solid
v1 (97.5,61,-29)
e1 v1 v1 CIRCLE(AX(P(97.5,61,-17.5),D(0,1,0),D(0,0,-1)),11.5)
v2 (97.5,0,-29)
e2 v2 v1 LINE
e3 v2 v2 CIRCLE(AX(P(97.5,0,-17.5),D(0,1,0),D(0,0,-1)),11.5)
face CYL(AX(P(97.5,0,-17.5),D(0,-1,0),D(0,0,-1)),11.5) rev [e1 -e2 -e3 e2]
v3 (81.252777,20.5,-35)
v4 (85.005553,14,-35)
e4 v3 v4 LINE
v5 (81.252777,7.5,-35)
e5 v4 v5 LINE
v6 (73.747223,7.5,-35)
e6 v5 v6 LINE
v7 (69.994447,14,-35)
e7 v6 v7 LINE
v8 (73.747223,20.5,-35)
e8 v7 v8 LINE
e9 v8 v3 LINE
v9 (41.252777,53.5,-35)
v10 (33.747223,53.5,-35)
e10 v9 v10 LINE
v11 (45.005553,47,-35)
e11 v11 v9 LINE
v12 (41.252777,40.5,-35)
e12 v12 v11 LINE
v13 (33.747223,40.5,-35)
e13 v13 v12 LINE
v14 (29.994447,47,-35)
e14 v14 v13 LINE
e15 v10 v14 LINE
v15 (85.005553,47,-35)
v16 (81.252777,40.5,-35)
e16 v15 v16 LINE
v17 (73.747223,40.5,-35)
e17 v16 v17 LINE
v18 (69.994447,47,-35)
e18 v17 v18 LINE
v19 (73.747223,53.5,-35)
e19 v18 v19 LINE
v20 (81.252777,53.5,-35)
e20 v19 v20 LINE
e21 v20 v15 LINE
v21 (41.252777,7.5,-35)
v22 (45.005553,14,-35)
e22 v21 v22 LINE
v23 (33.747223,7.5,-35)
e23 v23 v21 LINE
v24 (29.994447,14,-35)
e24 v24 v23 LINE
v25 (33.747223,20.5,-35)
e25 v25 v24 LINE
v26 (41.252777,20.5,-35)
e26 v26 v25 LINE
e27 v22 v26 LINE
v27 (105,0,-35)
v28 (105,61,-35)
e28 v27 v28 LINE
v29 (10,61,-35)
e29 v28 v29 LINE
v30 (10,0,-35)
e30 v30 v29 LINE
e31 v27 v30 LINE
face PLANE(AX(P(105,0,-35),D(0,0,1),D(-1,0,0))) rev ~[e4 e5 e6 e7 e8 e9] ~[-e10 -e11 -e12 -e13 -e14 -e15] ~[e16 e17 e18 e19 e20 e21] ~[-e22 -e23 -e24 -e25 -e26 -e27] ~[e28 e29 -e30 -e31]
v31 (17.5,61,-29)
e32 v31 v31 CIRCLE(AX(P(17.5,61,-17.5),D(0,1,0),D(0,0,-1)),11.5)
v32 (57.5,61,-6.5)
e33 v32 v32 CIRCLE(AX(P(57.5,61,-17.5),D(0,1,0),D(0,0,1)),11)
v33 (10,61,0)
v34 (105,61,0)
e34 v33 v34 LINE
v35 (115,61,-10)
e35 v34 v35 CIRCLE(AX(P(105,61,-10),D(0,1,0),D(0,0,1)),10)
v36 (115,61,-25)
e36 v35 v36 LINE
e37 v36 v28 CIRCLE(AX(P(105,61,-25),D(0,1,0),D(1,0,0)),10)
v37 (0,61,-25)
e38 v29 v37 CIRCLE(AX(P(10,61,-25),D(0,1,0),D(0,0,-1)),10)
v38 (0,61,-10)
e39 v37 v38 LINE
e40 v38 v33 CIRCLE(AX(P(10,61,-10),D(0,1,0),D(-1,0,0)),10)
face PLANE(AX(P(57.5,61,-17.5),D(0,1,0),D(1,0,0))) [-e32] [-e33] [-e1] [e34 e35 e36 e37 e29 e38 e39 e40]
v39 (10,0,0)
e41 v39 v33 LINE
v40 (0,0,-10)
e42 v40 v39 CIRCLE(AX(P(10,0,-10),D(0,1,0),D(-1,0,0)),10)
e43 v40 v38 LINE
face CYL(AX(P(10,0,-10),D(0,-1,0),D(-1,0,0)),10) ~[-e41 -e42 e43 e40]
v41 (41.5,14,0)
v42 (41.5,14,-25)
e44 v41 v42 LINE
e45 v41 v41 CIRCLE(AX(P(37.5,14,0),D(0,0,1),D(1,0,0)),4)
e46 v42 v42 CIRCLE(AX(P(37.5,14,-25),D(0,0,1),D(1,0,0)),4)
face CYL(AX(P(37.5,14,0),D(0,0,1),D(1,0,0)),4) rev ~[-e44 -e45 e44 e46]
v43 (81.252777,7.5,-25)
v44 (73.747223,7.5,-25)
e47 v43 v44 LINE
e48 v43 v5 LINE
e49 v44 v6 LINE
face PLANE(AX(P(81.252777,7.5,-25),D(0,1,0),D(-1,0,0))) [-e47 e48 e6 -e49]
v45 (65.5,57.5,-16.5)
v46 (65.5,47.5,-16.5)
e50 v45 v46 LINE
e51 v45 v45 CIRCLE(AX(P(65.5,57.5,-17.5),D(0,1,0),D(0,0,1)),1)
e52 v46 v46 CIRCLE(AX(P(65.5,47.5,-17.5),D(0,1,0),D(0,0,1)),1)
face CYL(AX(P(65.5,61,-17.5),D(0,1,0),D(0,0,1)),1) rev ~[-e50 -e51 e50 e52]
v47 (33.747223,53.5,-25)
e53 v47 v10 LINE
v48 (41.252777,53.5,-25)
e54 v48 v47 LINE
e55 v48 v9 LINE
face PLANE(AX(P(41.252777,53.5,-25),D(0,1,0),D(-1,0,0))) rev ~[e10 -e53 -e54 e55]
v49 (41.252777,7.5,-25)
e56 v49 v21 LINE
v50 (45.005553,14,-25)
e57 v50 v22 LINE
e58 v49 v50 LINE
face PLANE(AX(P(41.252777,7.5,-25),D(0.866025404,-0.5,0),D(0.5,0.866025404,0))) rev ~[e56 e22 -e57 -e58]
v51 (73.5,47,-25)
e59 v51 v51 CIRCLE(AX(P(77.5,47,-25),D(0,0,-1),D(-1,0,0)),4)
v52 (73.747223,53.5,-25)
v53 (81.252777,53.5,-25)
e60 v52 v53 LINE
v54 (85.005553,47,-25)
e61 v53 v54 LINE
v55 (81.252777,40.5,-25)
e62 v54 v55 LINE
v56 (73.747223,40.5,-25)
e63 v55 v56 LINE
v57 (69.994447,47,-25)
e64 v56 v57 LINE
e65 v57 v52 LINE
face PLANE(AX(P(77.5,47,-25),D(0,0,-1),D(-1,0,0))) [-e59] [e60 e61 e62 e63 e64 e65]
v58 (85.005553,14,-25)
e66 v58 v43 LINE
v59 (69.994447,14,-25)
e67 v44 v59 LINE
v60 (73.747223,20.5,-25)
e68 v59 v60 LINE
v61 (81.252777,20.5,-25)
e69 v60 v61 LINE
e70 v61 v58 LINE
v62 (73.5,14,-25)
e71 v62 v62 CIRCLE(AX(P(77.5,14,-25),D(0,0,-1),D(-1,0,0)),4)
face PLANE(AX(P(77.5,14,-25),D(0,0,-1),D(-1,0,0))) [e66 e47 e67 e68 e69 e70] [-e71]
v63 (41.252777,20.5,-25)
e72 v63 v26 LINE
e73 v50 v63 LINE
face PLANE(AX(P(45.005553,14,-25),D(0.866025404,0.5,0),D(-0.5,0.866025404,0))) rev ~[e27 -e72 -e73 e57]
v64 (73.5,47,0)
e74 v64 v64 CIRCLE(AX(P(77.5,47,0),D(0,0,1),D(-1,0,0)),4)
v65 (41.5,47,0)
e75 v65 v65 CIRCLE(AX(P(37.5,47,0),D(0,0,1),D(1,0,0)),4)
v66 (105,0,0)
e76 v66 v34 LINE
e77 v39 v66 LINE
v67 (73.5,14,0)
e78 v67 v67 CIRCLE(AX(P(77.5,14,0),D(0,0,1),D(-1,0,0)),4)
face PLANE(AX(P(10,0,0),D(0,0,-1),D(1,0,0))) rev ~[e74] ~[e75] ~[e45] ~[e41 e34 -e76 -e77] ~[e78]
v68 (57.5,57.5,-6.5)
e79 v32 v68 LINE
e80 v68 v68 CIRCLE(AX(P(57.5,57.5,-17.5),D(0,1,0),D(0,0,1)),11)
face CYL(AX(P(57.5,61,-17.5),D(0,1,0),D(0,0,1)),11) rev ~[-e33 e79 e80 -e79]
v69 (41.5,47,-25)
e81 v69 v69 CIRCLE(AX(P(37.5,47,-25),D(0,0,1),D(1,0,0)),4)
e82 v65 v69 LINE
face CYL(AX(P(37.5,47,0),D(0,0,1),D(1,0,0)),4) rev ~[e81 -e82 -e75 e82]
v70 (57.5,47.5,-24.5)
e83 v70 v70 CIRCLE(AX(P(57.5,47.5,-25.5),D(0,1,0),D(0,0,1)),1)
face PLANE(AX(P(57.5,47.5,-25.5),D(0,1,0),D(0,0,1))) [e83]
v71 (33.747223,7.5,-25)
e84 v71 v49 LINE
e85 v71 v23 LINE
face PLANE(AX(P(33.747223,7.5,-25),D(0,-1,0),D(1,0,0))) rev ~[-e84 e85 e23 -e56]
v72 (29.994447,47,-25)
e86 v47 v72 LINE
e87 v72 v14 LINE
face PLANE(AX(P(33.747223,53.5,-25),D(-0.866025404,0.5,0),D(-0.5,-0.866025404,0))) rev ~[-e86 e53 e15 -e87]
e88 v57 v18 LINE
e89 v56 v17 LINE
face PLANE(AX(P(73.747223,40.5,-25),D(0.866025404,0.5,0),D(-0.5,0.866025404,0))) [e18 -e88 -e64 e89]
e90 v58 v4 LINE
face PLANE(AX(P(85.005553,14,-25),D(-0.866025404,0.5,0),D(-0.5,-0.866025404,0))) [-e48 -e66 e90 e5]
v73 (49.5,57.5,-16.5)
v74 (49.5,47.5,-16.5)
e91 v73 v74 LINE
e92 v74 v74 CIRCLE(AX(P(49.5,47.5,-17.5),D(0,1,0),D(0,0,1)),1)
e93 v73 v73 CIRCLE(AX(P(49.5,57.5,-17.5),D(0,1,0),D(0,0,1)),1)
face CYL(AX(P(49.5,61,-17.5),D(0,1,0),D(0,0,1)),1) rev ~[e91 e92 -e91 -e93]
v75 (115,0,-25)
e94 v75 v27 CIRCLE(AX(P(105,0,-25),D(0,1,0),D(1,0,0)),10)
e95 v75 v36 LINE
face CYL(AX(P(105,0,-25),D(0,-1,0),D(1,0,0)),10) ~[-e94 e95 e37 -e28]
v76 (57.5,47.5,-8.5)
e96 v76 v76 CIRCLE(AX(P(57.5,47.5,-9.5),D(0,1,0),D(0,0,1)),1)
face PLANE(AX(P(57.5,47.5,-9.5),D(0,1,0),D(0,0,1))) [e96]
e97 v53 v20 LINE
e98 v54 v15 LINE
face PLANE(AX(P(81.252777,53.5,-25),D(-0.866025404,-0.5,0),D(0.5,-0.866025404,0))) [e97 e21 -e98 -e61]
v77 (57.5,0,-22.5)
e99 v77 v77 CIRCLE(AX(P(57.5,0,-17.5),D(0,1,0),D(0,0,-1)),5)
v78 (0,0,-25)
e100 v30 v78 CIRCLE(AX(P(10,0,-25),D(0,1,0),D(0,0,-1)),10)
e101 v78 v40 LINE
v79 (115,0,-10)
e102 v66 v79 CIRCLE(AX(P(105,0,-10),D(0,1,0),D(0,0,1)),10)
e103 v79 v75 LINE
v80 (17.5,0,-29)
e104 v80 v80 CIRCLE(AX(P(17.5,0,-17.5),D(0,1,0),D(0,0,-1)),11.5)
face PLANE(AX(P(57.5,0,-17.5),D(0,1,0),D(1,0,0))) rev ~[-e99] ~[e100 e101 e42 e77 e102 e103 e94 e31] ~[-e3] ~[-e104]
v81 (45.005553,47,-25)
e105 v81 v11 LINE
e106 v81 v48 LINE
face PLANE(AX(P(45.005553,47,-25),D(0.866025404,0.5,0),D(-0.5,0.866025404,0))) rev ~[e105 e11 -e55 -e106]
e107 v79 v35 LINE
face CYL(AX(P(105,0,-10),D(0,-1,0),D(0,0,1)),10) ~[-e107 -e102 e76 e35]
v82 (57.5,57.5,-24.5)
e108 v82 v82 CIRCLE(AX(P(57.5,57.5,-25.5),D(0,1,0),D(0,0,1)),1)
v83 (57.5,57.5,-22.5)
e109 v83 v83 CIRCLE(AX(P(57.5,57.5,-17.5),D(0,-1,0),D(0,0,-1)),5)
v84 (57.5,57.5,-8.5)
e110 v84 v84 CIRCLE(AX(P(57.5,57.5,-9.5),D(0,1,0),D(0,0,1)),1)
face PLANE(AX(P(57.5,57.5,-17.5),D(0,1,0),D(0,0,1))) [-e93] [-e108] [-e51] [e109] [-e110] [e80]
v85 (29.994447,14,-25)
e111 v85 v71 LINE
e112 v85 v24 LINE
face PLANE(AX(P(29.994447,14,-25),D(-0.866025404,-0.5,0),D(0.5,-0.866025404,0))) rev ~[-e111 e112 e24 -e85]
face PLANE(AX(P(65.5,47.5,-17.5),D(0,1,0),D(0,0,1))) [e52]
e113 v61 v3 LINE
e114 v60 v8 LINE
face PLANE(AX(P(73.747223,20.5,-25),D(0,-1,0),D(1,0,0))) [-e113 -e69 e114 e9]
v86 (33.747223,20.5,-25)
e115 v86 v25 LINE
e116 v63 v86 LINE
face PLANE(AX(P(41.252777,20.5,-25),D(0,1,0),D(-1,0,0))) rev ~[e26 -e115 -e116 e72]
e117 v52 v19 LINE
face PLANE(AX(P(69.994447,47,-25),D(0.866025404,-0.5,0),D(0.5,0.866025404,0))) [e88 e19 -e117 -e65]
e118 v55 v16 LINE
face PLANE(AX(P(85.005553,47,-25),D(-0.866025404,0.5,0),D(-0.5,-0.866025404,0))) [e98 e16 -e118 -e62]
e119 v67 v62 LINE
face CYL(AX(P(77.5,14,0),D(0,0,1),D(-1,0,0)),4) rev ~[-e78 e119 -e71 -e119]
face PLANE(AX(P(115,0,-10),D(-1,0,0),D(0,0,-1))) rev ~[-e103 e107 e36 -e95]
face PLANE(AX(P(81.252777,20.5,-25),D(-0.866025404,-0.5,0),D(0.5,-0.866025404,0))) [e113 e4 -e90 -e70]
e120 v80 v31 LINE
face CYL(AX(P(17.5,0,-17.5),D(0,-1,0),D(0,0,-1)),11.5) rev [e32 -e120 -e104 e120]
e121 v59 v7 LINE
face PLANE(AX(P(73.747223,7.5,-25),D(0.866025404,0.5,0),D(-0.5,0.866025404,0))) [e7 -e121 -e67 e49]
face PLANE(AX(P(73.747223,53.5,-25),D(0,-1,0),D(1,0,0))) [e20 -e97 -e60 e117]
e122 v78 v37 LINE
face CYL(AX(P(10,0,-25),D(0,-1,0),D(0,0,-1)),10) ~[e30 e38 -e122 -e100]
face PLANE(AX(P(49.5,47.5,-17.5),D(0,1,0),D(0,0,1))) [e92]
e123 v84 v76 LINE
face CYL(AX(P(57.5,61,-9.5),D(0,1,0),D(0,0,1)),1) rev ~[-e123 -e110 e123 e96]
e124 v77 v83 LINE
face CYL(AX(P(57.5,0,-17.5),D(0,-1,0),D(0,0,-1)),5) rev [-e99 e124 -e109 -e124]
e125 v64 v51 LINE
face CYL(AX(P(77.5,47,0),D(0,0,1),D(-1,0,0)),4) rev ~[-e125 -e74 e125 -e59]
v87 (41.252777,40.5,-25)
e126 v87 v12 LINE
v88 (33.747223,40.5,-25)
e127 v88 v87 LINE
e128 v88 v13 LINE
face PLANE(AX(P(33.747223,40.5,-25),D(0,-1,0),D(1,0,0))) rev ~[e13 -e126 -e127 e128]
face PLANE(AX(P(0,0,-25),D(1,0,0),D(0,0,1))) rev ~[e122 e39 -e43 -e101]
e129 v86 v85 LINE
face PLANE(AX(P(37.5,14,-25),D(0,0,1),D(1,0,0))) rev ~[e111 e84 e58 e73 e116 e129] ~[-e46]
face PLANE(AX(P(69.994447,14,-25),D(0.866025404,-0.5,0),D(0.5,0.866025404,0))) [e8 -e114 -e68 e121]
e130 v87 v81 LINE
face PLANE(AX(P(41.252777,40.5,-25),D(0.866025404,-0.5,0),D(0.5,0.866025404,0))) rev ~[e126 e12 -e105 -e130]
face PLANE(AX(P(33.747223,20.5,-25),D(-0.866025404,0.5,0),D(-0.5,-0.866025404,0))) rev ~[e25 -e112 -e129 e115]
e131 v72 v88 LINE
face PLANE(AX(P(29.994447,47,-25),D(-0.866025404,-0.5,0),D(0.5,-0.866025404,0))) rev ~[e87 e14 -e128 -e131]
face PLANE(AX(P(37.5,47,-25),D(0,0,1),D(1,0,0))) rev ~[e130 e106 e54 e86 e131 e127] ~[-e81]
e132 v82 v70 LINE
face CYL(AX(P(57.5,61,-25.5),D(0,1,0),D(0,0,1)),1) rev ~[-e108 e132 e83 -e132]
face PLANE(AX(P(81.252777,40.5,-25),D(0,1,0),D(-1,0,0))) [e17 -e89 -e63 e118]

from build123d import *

# Parameters (mm, degrees)
SKETCH1_R           = 11.5
SKETCH1_R_2         = 5
BOSS_EXTRUDE1_DEPTH = 61
SKETCH2_R           = 11
SKETCH2_R_2         = 1
CUT_EXTRUDE1_DEPTH  = 3.5
SKETCH2_2_R         = 1
CUT_EXTRUDE2_DEPTH  = 13.5
SKETCH4_R           = 4
CUT_EXTRUDE3_DEPTH  = 135.799851632
CUT_EXTRUDE4_START  = -25
SKETCH4_3_R         = 4
CUT_EXTRUDE4_DEPTH  = 10


with BuildPart() as part:
    # Sketch1 → Boss-Extrude1 (new body)
    with BuildSketch(Plane(origin=(0, 0, 0), x_dir=(1, 0, 0), z_dir=(0, 1, 0))):
        with BuildLine():
            Line((10, 0), (105, 0))
            ThreePointArc((105, 0), (112.071067812, 2.928932188), (115, 10))
            Line((115, 10), (115, 25))
            ThreePointArc((115, 25), (112.071067812, 32.071067812), (105, 35))
            Line((105, 35), (10, 35))
            ThreePointArc((10, 35), (2.928932188, 32.071067812), (0, 25))
            Line((0, 25), (0, 10))
            ThreePointArc((0, 10), (2.928932188, 2.928932188), (10, 0))
        make_face()
        with Locations(Location((17.5, 17.5, 0), (0, 0, 90))):
            Circle(SKETCH1_R, mode=Mode.SUBTRACT)
        with Locations(Location((57.5, 17.5, 0), (0, 0, 90))):
            Circle(SKETCH1_R_2, mode=Mode.SUBTRACT)
        with Locations(Location((97.5, 17.5, 0), (0, 0, 90))):
            Circle(SKETCH1_R, mode=Mode.SUBTRACT)
    extrude(amount=BOSS_EXTRUDE1_DEPTH)

    # Sketch2 → Cut-Extrude1 (cut)
    with BuildSketch(Plane(origin=(0, 61, 0), x_dir=(1, 0, 0), z_dir=(0, 1, 0))):
        with Locations(Location((57.5, 17.5, 0), (0, 0, 270))):
            Circle(SKETCH2_R)
        with Locations(Location((57.5, 25.5, 0), (0, 0, 270))):
            Circle(SKETCH2_R_2, mode=Mode.SUBTRACT)
        with Locations(Location((65.5, 17.5, 0), (0, 0, 270))):
            Circle(SKETCH2_R_2, mode=Mode.SUBTRACT)
        with Locations(Location((57.5, 9.5, 0), (0, 0, 270))):
            Circle(SKETCH2_R_2, mode=Mode.SUBTRACT)
        with Locations(Location((49.5, 17.5, 0), (0, 0, 270))):
            Circle(SKETCH2_R_2, mode=Mode.SUBTRACT)
    extrude(amount=-CUT_EXTRUDE1_DEPTH, mode=Mode.SUBTRACT)

    # Sketch2<2> → Cut-Extrude2 (cut)
    with BuildSketch(Plane(origin=(0, 61, 0), x_dir=(1, 0, 0), z_dir=(0, 1, 0))):
        with Locations(Location((57.5, 25.5, 0), (0, 0, 270))):
            Circle(SKETCH2_2_R)
        with Locations(Location((65.5, 17.5, 0), (0, 0, 270))):
            Circle(SKETCH2_2_R)
        with Locations(Location((57.5, 9.5, 0), (0, 0, 270))):
            Circle(SKETCH2_2_R)
        with Locations(Location((49.5, 17.5, 0), (0, 0, 270))):
            Circle(SKETCH2_2_R)
    extrude(amount=-CUT_EXTRUDE2_DEPTH, mode=Mode.SUBTRACT)

    # Sketch4 → Cut-Extrude3 (cut, through all)
    with BuildSketch(Plane.XY):
        with Locations((37.5, 47)):
            Circle(SKETCH4_R)
        with Locations((37.5, 14)):
            Circle(SKETCH4_R)
        with Locations(Location((77.5, 14, 0), (0, 0, 180))):
            Circle(SKETCH4_R)
        with Locations(Location((77.5, 47, 0), (0, 0, 180))):
            Circle(SKETCH4_R)
    extrude(amount=-CUT_EXTRUDE3_DEPTH, mode=Mode.SUBTRACT)

    # Sketch4<3> → Cut-Extrude4 (cut)
    # profile 1 of 4: a face of its own
    with BuildSketch(Plane.XY.offset(CUT_EXTRUDE4_START)):
        Polygon((81.25277675, 20.5), (85.005553499, 14), (81.25277675, 7.5), (73.74722325, 7.5), (69.994446501, 14), (73.74722325, 20.5), align=None)
        with Locations((77.5, 14)):
            Circle(SKETCH4_3_R, mode=Mode.SUBTRACT)
    # profile 2 of 4: a face of its own
    with BuildSketch(Plane.XY.offset(CUT_EXTRUDE4_START)):
        Polygon((29.994446501, 47), (33.74722325, 40.5), (41.25277675, 40.5), (45.005553499, 47), (41.25277675, 53.5), (33.74722325, 53.5), align=None)
        with Locations((37.5, 47)):
            Circle(SKETCH4_3_R, mode=Mode.SUBTRACT)
    # profile 3 of 4: a face of its own
    with BuildSketch(Plane.XY.offset(CUT_EXTRUDE4_START)):
        Polygon((29.994446501, 14), (33.74722325, 7.5), (41.25277675, 7.5), (45.005553499, 14), (41.25277675, 20.5), (33.74722325, 20.5), align=None)
        with Locations((37.5, 14)):
            Circle(SKETCH4_3_R, mode=Mode.SUBTRACT)
    # profile 4 of 4: a face of its own
    with BuildSketch(Plane.XY.offset(CUT_EXTRUDE4_START)):
        Polygon((81.25277675, 53.5), (85.005553499, 47), (81.25277675, 40.5), (73.74722325, 40.5), (69.994446501, 47), (73.74722325, 53.5), align=None)
        with Locations((77.5, 47)):
            Circle(SKETCH4_3_R, mode=Mode.SUBTRACT)
    extrude(amount=-CUT_EXTRUDE4_DEPTH, mode=Mode.SUBTRACT)


solid = part.part
